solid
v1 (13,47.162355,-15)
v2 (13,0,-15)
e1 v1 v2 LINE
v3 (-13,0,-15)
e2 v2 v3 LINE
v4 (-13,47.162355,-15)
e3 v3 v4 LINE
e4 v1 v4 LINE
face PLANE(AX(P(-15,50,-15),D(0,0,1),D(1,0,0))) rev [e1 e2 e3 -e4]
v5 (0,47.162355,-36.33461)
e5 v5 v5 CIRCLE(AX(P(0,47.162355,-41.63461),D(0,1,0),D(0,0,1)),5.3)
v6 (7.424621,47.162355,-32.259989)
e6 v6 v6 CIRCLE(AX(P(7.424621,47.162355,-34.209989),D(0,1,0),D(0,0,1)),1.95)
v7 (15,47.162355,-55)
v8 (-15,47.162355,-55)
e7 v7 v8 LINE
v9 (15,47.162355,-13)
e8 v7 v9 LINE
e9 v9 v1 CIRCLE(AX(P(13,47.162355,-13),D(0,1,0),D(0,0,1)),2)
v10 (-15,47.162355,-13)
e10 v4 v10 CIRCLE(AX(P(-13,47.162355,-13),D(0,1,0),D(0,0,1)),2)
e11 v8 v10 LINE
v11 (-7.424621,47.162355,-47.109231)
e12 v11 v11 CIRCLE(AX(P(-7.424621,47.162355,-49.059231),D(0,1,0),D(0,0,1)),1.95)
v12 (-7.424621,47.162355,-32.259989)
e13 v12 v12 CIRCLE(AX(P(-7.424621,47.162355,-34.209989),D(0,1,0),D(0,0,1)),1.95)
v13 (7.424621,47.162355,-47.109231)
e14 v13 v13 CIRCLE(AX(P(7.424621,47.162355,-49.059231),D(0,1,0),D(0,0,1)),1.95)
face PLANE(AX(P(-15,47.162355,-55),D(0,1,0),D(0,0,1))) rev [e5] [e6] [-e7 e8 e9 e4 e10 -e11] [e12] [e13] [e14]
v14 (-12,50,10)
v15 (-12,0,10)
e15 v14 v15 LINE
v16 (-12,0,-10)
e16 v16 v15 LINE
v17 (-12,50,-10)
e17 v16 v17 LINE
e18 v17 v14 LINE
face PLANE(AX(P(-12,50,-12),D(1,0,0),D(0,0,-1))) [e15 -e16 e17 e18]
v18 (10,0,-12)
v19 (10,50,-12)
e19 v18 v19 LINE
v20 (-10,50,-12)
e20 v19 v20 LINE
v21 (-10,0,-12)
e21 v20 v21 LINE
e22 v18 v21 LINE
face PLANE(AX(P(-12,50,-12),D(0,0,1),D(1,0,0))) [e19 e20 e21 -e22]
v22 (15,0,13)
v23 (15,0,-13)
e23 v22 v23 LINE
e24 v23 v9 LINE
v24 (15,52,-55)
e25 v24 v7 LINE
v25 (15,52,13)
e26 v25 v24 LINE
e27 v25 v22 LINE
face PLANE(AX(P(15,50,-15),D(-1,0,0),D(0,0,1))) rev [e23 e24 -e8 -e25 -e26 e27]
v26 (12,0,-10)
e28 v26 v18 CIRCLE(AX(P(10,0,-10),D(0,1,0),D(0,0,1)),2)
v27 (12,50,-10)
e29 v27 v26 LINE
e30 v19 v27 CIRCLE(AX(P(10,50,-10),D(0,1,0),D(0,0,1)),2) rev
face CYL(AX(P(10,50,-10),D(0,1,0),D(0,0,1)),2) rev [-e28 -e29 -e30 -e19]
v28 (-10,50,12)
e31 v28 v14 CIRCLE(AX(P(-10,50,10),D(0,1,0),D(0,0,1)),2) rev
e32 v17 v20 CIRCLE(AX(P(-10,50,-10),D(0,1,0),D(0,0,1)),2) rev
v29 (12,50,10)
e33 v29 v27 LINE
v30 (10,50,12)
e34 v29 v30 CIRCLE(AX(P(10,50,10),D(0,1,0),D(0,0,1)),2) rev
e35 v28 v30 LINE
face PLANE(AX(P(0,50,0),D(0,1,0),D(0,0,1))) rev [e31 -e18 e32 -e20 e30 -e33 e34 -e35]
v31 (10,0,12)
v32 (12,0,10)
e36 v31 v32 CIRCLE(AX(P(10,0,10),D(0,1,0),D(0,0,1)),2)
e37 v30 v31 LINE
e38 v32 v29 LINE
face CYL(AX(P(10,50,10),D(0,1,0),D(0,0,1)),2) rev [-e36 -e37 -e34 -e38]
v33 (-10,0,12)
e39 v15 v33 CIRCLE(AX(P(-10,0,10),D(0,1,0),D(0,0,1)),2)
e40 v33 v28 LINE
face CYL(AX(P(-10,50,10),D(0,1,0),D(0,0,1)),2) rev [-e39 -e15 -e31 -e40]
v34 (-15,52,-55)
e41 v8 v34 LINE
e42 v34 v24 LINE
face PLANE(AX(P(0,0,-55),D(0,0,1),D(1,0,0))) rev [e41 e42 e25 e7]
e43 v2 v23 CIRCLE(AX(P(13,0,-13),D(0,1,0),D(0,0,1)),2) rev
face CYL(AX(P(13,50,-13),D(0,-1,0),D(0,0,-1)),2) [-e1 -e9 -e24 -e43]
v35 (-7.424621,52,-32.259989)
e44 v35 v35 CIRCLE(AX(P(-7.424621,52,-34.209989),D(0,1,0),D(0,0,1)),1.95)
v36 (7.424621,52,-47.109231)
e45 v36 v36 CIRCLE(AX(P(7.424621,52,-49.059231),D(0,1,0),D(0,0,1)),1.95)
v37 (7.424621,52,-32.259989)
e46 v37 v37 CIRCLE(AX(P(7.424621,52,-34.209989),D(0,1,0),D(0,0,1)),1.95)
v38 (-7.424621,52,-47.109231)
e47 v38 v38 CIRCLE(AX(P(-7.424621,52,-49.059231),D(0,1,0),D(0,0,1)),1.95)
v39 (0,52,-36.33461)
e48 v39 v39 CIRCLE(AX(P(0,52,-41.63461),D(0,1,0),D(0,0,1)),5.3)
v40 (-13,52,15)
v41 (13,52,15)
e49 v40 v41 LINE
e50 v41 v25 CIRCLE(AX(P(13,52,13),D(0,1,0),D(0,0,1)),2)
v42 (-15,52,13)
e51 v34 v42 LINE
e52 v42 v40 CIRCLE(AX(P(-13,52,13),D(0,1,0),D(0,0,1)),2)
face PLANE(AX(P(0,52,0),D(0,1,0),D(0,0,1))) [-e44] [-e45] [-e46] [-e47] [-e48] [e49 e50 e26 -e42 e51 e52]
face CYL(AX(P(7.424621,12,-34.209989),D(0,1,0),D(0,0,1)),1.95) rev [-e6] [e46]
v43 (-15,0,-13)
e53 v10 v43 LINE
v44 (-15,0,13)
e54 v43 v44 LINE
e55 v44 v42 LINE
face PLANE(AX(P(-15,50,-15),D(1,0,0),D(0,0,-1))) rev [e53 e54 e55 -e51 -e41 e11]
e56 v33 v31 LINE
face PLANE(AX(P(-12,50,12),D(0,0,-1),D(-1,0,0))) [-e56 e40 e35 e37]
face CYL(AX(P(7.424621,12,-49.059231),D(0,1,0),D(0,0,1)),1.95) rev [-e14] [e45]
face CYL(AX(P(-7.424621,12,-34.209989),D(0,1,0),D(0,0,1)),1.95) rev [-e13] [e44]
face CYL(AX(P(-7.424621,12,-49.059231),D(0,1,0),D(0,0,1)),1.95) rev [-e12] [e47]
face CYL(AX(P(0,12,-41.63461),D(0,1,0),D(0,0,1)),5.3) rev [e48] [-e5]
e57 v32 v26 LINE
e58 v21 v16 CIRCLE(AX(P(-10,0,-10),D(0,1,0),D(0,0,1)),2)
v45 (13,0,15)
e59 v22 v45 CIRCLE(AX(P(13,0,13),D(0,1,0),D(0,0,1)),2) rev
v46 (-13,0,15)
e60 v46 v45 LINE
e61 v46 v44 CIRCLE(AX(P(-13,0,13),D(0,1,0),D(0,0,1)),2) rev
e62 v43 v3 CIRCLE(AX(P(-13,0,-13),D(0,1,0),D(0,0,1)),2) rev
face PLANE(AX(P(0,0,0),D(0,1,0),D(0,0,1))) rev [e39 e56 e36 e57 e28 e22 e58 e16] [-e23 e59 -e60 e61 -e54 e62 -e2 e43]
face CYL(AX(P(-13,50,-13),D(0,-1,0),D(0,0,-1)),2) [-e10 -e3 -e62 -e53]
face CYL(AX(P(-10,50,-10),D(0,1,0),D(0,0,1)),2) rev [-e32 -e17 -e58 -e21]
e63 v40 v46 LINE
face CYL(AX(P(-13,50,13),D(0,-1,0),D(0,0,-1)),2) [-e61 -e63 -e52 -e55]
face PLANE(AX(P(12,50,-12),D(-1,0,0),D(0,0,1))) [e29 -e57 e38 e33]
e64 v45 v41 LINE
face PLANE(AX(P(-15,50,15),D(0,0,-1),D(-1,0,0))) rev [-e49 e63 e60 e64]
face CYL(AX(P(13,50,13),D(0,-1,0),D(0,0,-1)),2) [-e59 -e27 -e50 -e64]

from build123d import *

# Parameters (mm, degrees)
CROQUIS1_W              = 30
CROQUIS1_H              = 30
CROQUIS1_W_2            = 24
CROQUIS1_H_2            = 24
SALIENTE_EXTRUIR1_DEPTH = 50
CROQUIS2_W              = 30
CROQUIS2_H              = 30
SALIENTE_EXTRUIR2_DEPTH = 2
CROQUIS6_W              = 30
CROQUIS6_H              = 4.83764523
SALIENTE_EXTRUIR4_DEPTH = 40
CROQUIS7_R              = 5.3
CROQUIS7_R_2            = 1.95
CORTAR_EXTRUIR2_DEPTH   = 40
REDONDEO1_R             = 2


with BuildPart() as part:
    # Croquis1 → Saliente-Extruir1 (new body)
    with BuildSketch(Plane(origin=(0, 0, 0), x_dir=(1, 0, 0), z_dir=(0, 1, 0))):
        Rectangle(CROQUIS1_W, CROQUIS1_H)
        Rectangle(CROQUIS1_W_2, CROQUIS1_H_2, mode=Mode.SUBTRACT)
    extrude(amount=SALIENTE_EXTRUIR1_DEPTH)

    # Croquis2 → Saliente-Extruir2 (add)
    with BuildSketch(Plane(origin=(0, 50, 0), x_dir=(1, 0, 0), z_dir=(0, 1, 0))):
        Rectangle(CROQUIS2_W, CROQUIS2_H)
    extrude(amount=SALIENTE_EXTRUIR2_DEPTH)

    # Croquis6 → Saliente-Extruir4 (add)
    with BuildSketch(Plane(origin=(0, 0, -15), x_dir=(-1, 0, 0), z_dir=(0, 0, -1))):
        with Locations((0, 49.581177385)):
            Rectangle(CROQUIS6_W, CROQUIS6_H)
    extrude(amount=SALIENTE_EXTRUIR4_DEPTH)

    # Croquis7 → Cortar-Extruir2 (cut)
    with BuildSketch(Plane(origin=(0, 52, 0), x_dir=(1, 0, 0), z_dir=(0, 1, 0))):
        with Locations((0, 41.634609849)):
            Circle(CROQUIS7_R)
        with Locations((7.424621202, 49.059231051)):
            Circle(CROQUIS7_R_2)
        with Locations((7.424621202, 34.209988647)):
            Circle(CROQUIS7_R_2)
        with Locations((-7.424621202, 34.209988647)):
            Circle(CROQUIS7_R_2)
        with Locations((-7.424621202, 49.059231051)):
            Circle(CROQUIS7_R_2)
    extrude(amount=-CORTAR_EXTRUIR2_DEPTH, mode=Mode.SUBTRACT)

    # Redondeo1
    redondeo1_edges = [part.edges().sort_by_distance(p)[0] for p in [
        (-15, 26, 15),
        (15, 26, 15),
        (15, 23.581177385, -15),
        (-15, 23.581177385, -15),
        (-12, 25, 12),
        (-12, 25, -12),
        (12, 25, 12),
        (12, 25, -12),
    ]]
    fillet(redondeo1_edges, radius=REDONDEO1_R)


solid = part.part
